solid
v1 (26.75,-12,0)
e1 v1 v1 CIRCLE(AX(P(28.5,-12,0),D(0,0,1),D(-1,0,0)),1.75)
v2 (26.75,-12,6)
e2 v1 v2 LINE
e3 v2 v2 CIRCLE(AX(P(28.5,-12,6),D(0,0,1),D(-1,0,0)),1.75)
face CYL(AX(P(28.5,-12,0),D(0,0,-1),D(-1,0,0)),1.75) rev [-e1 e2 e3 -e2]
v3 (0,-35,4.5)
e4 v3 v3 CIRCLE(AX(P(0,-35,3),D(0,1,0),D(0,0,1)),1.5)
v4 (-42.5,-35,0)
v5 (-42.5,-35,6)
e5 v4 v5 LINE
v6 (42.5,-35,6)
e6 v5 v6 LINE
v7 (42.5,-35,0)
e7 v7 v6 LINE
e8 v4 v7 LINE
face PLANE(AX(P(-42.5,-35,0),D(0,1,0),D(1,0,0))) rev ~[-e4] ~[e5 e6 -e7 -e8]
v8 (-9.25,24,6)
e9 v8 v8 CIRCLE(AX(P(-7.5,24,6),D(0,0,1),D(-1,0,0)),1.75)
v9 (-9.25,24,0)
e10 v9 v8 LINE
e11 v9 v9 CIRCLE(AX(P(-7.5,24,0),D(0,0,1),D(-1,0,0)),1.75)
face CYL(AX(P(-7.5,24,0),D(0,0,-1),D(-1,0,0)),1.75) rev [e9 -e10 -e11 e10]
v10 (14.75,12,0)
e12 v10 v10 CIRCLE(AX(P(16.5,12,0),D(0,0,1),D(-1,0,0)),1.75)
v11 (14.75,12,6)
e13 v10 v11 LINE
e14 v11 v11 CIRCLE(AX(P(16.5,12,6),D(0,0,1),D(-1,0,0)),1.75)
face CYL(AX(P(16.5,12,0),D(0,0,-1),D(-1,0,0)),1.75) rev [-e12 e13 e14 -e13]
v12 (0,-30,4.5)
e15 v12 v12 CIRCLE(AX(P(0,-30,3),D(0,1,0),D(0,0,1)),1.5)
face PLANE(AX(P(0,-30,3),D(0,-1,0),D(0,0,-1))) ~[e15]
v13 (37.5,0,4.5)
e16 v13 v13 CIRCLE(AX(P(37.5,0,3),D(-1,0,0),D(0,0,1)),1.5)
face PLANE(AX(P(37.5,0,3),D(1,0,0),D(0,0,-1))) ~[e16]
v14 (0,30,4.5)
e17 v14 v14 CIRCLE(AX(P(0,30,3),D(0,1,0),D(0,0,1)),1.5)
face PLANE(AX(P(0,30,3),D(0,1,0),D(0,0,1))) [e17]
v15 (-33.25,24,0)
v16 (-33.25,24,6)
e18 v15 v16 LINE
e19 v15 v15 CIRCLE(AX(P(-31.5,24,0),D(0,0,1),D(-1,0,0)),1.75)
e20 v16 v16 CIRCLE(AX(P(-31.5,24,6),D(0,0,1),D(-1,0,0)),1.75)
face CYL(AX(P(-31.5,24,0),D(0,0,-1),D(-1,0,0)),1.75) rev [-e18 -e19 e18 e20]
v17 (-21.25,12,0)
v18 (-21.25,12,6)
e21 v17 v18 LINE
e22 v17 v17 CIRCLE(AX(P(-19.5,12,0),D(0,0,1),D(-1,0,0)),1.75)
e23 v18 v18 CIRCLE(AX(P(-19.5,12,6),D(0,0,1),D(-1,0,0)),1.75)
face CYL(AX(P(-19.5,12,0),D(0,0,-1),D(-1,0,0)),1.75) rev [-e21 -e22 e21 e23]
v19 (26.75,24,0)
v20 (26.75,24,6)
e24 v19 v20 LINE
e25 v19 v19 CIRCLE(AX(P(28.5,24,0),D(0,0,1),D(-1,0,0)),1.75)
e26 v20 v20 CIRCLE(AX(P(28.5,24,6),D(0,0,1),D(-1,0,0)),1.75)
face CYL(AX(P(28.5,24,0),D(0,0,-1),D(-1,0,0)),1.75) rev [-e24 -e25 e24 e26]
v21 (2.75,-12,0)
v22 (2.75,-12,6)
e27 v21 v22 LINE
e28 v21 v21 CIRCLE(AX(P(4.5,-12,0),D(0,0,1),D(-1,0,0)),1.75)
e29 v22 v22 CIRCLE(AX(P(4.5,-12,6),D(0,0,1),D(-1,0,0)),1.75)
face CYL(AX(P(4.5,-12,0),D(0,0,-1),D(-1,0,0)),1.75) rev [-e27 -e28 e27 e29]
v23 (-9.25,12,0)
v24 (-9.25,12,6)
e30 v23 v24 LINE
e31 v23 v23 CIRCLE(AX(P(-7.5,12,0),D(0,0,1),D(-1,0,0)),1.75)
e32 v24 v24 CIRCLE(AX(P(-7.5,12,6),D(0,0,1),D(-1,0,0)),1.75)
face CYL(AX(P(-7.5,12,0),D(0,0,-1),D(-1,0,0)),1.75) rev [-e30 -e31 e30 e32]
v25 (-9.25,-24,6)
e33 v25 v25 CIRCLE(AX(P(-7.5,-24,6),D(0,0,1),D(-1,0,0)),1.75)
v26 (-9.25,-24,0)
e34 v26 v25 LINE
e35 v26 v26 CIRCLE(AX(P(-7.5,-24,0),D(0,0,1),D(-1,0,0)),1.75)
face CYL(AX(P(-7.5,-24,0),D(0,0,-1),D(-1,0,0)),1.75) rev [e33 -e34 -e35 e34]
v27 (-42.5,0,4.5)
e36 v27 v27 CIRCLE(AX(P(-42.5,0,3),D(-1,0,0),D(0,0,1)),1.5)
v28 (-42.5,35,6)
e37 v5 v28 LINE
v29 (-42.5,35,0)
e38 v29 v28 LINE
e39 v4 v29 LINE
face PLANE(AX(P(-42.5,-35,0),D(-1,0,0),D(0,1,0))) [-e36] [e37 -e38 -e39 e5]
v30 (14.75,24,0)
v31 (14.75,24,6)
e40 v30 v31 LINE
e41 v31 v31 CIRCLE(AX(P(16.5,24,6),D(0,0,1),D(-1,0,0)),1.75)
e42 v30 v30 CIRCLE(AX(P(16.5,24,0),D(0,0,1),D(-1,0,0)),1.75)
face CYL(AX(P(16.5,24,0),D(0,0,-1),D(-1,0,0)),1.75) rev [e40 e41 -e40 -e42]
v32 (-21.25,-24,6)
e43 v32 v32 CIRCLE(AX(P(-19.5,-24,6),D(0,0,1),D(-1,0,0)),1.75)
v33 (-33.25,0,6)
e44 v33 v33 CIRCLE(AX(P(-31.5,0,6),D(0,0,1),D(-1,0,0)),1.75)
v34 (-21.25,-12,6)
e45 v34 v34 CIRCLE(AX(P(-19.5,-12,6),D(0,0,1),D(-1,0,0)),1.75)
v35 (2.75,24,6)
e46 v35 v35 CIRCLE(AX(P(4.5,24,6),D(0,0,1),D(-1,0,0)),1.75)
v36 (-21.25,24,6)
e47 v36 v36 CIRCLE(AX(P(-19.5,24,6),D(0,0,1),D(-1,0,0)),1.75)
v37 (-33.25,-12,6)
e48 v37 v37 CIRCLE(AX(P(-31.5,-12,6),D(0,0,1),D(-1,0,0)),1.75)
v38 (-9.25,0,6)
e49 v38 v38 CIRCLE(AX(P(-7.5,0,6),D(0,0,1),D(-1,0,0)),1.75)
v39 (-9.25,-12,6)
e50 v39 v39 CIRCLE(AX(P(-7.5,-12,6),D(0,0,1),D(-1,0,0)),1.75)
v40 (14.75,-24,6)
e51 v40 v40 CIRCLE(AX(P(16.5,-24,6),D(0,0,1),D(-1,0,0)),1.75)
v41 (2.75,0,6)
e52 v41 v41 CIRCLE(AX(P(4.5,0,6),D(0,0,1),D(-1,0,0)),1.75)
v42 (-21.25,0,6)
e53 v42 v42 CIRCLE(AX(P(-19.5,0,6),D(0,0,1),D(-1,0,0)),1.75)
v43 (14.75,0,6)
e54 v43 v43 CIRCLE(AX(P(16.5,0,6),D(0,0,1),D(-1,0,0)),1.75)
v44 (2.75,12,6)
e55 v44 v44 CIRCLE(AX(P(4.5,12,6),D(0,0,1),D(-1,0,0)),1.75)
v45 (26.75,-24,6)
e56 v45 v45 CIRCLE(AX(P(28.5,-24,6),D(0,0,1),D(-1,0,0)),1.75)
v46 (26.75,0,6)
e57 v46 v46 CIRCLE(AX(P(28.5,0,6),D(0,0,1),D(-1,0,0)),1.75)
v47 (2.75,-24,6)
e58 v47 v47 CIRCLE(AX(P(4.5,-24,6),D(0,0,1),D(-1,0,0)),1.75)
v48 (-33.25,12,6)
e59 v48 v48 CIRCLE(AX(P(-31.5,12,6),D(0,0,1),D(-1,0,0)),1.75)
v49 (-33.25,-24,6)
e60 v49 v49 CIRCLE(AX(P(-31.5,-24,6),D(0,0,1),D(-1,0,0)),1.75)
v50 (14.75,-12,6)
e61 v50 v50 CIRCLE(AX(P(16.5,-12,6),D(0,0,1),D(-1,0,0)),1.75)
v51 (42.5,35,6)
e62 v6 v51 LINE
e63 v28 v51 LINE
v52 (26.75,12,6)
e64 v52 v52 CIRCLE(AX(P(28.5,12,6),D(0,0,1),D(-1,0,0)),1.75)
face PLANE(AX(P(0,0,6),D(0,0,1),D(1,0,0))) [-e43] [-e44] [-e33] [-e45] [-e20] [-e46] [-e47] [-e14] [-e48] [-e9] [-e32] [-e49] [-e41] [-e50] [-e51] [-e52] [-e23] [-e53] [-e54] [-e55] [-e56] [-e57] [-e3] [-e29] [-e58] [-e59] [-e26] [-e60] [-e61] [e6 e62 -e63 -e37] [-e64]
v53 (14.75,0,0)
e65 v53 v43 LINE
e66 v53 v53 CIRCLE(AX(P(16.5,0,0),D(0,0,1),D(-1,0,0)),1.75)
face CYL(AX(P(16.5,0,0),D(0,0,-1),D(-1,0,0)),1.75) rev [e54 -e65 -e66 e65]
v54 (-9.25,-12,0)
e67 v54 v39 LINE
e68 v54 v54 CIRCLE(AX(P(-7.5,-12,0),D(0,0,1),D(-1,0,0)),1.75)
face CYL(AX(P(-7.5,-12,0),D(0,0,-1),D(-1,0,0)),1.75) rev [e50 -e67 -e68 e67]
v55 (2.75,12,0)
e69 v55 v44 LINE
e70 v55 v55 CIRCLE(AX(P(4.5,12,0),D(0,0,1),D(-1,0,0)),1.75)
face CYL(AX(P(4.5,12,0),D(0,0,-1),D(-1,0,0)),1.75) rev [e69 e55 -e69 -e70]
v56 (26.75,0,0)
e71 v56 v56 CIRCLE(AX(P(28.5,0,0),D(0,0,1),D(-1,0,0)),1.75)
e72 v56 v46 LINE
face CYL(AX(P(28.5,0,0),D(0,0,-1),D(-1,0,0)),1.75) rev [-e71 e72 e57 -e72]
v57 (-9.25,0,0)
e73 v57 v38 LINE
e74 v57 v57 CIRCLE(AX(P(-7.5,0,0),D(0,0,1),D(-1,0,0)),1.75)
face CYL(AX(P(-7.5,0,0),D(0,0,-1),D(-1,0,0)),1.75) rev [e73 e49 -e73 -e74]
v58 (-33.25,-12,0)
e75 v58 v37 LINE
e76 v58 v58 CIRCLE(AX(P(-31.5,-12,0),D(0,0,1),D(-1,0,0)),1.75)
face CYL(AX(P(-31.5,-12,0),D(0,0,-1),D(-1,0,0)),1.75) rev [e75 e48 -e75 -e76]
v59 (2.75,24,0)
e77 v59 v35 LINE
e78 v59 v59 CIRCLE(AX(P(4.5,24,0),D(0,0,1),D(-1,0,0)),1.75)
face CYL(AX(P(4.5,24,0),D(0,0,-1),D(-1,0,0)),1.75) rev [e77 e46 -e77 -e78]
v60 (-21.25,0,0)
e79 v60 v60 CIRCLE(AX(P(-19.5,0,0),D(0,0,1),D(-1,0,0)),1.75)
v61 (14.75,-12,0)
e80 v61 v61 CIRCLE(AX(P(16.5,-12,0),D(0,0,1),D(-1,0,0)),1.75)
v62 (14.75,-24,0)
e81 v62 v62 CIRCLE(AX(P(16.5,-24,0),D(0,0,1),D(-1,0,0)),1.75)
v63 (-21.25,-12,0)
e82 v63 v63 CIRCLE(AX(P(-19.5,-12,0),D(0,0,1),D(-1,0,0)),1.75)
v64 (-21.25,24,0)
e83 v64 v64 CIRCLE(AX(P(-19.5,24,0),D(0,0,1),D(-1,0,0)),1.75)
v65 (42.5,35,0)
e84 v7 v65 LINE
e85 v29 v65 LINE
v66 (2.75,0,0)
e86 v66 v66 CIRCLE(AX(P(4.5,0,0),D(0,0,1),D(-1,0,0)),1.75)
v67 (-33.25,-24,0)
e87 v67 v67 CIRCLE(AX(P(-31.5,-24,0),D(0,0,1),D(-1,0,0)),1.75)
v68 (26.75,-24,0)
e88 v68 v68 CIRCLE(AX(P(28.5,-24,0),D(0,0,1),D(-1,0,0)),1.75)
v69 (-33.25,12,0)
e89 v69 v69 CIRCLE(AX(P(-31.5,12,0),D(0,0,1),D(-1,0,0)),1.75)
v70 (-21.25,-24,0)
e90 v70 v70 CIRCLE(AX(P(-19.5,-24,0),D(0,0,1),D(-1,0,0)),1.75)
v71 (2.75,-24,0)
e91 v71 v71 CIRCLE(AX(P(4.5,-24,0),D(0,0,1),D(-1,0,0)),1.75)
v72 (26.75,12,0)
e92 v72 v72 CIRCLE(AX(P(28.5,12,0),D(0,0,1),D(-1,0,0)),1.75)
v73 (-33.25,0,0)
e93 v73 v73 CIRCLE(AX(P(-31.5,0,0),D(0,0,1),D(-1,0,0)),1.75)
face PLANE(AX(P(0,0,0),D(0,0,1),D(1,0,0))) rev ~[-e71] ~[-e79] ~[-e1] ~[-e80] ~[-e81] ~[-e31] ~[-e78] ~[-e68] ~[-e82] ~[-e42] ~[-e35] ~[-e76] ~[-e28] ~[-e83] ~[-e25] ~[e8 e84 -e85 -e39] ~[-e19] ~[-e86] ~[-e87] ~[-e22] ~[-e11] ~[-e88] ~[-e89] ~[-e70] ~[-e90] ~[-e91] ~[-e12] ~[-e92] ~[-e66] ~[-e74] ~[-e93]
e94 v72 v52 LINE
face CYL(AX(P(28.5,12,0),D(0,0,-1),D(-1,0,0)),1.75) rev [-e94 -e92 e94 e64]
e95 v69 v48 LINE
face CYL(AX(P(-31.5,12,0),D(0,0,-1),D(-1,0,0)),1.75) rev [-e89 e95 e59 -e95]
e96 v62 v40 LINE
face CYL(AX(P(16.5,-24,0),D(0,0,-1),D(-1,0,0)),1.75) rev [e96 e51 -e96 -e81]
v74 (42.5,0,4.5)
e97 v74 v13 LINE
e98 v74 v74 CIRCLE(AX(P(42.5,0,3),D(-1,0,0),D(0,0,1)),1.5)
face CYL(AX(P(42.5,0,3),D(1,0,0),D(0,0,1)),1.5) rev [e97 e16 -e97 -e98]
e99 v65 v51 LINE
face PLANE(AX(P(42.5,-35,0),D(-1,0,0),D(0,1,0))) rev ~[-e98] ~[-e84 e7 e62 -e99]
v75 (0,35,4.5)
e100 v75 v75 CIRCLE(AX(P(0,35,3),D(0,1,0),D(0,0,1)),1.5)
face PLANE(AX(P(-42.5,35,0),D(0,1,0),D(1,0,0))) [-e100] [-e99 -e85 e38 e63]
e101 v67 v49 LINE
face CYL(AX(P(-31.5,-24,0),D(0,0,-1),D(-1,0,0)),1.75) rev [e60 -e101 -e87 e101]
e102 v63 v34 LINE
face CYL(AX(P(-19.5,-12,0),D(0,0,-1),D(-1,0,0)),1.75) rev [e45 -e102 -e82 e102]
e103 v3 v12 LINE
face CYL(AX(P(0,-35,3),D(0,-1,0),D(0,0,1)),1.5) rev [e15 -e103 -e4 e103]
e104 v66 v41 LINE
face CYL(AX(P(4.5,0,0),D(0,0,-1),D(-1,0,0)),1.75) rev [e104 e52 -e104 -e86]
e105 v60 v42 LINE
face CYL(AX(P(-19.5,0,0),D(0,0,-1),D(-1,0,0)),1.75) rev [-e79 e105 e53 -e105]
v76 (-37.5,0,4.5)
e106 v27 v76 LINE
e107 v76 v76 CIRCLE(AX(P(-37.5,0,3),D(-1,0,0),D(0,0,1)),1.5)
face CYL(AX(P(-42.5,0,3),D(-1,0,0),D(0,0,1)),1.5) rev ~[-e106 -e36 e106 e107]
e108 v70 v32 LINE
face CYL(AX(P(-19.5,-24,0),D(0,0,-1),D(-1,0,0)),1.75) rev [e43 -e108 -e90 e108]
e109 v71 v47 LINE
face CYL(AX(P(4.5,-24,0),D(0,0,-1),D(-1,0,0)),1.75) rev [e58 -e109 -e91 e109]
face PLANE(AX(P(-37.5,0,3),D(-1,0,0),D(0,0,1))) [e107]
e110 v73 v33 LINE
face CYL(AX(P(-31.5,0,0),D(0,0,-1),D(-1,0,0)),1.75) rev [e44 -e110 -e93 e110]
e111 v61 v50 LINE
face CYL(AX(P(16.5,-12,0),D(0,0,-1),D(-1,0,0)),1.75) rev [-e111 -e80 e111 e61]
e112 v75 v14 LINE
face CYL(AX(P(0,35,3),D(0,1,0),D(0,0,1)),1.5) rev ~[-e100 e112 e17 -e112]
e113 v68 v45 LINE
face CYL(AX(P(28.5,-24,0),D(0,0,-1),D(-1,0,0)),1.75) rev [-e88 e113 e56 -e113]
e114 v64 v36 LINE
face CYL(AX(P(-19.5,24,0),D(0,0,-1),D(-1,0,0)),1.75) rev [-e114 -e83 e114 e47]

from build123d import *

# Parameters (mm, degrees)
ESQUISSE1_W                     = 85
ESQUISSE1_H                     = 70
BOSS_EXTRU_1_DEPTH              = 6
ESQUISSE3_R                     = 1.5
ENL_V_MAT_EXTRU_5_DEPTH         = 5
ESQUISSE5_R                     = 1.75
ENL_V_MAT_EXTRU_6_DEPTH         = 6
R_P_TITION_LIN_AIRE2_COUNT      = 6
R_P_TITION_LIN_AIRE2_PITCH      = 12
R_P_TITION_LIN_AIRE2_COUNT_DIR2 = 5
R_P_TITION_LIN_AIRE2_PITCH_DIR2 = 12
ESQUISSE8_R                     = 1.5
ENL_V_MAT_EXTRU_8_DEPTH         = 5


with BuildPart() as part:
    # Esquisse1 → Boss.-Extru.1 (new body)
    with BuildSketch(Plane.XY):
        Rectangle(ESQUISSE1_W, ESQUISSE1_H)
    extrude(amount=BOSS_EXTRU_1_DEPTH)

    # Esquisse3 → Enlèv. mat.-Extru.5 (cut)
    with BuildSketch(Plane.ZY.offset(42.5)):
        with Locations((3, 0)):
            Circle(ESQUISSE3_R)
    enl_v_mat_extru_5 = extrude(amount=-ENL_V_MAT_EXTRU_5_DEPTH, mode=Mode.SUBTRACT)

    # Symétrie1: Enlèv. mat.-Extru.5 across plane
    add(enl_v_mat_extru_5.mirror(Plane(origin=(0, 0, 0), x_dir=(0, 0, 1), z_dir=(1, 0, 0))), mode=Mode.SUBTRACT)

    # Esquisse5 → Enlèv. mat.-Extru.6 (cut)
    with BuildSketch(Plane.XY):
        with Locations(Location((-31.5, -24, 0), (0, 0, 180))):
            Circle(ESQUISSE5_R)
    enl_v_mat_extru_6 = extrude(amount=ENL_V_MAT_EXTRU_6_DEPTH, mode=Mode.SUBTRACT)

    # Répétition linéaire2: Enl_v. mat.-Extru.6 6 × 5
    with Locations(*[(i * R_P_TITION_LIN_AIRE2_PITCH, j * R_P_TITION_LIN_AIRE2_PITCH_DIR2, 0) for i in range(R_P_TITION_LIN_AIRE2_COUNT) for j in range(R_P_TITION_LIN_AIRE2_COUNT_DIR2) if (i, j) != (0, 0)]):
        add(enl_v_mat_extru_6, mode=Mode.SUBTRACT)

    # Esquisse8 → Enlèv. mat.-Extru.8 (cut)
    with BuildSketch(Plane(origin=(0, 35, 0), x_dir=(1, 0, 0), z_dir=(0, 1, 0))):
        with Locations(Location((0, -3, 0), (0, 0, 270))):
            Circle(ESQUISSE8_R)
    enl_v_mat_extru_8 = extrude(amount=-ENL_V_MAT_EXTRU_8_DEPTH, mode=Mode.SUBTRACT)

    # Symétrie2: Enlèv. mat.-Extru.8 across plane
    add(enl_v_mat_extru_8.mirror(Plane.ZX), mode=Mode.SUBTRACT)


solid = part.part
